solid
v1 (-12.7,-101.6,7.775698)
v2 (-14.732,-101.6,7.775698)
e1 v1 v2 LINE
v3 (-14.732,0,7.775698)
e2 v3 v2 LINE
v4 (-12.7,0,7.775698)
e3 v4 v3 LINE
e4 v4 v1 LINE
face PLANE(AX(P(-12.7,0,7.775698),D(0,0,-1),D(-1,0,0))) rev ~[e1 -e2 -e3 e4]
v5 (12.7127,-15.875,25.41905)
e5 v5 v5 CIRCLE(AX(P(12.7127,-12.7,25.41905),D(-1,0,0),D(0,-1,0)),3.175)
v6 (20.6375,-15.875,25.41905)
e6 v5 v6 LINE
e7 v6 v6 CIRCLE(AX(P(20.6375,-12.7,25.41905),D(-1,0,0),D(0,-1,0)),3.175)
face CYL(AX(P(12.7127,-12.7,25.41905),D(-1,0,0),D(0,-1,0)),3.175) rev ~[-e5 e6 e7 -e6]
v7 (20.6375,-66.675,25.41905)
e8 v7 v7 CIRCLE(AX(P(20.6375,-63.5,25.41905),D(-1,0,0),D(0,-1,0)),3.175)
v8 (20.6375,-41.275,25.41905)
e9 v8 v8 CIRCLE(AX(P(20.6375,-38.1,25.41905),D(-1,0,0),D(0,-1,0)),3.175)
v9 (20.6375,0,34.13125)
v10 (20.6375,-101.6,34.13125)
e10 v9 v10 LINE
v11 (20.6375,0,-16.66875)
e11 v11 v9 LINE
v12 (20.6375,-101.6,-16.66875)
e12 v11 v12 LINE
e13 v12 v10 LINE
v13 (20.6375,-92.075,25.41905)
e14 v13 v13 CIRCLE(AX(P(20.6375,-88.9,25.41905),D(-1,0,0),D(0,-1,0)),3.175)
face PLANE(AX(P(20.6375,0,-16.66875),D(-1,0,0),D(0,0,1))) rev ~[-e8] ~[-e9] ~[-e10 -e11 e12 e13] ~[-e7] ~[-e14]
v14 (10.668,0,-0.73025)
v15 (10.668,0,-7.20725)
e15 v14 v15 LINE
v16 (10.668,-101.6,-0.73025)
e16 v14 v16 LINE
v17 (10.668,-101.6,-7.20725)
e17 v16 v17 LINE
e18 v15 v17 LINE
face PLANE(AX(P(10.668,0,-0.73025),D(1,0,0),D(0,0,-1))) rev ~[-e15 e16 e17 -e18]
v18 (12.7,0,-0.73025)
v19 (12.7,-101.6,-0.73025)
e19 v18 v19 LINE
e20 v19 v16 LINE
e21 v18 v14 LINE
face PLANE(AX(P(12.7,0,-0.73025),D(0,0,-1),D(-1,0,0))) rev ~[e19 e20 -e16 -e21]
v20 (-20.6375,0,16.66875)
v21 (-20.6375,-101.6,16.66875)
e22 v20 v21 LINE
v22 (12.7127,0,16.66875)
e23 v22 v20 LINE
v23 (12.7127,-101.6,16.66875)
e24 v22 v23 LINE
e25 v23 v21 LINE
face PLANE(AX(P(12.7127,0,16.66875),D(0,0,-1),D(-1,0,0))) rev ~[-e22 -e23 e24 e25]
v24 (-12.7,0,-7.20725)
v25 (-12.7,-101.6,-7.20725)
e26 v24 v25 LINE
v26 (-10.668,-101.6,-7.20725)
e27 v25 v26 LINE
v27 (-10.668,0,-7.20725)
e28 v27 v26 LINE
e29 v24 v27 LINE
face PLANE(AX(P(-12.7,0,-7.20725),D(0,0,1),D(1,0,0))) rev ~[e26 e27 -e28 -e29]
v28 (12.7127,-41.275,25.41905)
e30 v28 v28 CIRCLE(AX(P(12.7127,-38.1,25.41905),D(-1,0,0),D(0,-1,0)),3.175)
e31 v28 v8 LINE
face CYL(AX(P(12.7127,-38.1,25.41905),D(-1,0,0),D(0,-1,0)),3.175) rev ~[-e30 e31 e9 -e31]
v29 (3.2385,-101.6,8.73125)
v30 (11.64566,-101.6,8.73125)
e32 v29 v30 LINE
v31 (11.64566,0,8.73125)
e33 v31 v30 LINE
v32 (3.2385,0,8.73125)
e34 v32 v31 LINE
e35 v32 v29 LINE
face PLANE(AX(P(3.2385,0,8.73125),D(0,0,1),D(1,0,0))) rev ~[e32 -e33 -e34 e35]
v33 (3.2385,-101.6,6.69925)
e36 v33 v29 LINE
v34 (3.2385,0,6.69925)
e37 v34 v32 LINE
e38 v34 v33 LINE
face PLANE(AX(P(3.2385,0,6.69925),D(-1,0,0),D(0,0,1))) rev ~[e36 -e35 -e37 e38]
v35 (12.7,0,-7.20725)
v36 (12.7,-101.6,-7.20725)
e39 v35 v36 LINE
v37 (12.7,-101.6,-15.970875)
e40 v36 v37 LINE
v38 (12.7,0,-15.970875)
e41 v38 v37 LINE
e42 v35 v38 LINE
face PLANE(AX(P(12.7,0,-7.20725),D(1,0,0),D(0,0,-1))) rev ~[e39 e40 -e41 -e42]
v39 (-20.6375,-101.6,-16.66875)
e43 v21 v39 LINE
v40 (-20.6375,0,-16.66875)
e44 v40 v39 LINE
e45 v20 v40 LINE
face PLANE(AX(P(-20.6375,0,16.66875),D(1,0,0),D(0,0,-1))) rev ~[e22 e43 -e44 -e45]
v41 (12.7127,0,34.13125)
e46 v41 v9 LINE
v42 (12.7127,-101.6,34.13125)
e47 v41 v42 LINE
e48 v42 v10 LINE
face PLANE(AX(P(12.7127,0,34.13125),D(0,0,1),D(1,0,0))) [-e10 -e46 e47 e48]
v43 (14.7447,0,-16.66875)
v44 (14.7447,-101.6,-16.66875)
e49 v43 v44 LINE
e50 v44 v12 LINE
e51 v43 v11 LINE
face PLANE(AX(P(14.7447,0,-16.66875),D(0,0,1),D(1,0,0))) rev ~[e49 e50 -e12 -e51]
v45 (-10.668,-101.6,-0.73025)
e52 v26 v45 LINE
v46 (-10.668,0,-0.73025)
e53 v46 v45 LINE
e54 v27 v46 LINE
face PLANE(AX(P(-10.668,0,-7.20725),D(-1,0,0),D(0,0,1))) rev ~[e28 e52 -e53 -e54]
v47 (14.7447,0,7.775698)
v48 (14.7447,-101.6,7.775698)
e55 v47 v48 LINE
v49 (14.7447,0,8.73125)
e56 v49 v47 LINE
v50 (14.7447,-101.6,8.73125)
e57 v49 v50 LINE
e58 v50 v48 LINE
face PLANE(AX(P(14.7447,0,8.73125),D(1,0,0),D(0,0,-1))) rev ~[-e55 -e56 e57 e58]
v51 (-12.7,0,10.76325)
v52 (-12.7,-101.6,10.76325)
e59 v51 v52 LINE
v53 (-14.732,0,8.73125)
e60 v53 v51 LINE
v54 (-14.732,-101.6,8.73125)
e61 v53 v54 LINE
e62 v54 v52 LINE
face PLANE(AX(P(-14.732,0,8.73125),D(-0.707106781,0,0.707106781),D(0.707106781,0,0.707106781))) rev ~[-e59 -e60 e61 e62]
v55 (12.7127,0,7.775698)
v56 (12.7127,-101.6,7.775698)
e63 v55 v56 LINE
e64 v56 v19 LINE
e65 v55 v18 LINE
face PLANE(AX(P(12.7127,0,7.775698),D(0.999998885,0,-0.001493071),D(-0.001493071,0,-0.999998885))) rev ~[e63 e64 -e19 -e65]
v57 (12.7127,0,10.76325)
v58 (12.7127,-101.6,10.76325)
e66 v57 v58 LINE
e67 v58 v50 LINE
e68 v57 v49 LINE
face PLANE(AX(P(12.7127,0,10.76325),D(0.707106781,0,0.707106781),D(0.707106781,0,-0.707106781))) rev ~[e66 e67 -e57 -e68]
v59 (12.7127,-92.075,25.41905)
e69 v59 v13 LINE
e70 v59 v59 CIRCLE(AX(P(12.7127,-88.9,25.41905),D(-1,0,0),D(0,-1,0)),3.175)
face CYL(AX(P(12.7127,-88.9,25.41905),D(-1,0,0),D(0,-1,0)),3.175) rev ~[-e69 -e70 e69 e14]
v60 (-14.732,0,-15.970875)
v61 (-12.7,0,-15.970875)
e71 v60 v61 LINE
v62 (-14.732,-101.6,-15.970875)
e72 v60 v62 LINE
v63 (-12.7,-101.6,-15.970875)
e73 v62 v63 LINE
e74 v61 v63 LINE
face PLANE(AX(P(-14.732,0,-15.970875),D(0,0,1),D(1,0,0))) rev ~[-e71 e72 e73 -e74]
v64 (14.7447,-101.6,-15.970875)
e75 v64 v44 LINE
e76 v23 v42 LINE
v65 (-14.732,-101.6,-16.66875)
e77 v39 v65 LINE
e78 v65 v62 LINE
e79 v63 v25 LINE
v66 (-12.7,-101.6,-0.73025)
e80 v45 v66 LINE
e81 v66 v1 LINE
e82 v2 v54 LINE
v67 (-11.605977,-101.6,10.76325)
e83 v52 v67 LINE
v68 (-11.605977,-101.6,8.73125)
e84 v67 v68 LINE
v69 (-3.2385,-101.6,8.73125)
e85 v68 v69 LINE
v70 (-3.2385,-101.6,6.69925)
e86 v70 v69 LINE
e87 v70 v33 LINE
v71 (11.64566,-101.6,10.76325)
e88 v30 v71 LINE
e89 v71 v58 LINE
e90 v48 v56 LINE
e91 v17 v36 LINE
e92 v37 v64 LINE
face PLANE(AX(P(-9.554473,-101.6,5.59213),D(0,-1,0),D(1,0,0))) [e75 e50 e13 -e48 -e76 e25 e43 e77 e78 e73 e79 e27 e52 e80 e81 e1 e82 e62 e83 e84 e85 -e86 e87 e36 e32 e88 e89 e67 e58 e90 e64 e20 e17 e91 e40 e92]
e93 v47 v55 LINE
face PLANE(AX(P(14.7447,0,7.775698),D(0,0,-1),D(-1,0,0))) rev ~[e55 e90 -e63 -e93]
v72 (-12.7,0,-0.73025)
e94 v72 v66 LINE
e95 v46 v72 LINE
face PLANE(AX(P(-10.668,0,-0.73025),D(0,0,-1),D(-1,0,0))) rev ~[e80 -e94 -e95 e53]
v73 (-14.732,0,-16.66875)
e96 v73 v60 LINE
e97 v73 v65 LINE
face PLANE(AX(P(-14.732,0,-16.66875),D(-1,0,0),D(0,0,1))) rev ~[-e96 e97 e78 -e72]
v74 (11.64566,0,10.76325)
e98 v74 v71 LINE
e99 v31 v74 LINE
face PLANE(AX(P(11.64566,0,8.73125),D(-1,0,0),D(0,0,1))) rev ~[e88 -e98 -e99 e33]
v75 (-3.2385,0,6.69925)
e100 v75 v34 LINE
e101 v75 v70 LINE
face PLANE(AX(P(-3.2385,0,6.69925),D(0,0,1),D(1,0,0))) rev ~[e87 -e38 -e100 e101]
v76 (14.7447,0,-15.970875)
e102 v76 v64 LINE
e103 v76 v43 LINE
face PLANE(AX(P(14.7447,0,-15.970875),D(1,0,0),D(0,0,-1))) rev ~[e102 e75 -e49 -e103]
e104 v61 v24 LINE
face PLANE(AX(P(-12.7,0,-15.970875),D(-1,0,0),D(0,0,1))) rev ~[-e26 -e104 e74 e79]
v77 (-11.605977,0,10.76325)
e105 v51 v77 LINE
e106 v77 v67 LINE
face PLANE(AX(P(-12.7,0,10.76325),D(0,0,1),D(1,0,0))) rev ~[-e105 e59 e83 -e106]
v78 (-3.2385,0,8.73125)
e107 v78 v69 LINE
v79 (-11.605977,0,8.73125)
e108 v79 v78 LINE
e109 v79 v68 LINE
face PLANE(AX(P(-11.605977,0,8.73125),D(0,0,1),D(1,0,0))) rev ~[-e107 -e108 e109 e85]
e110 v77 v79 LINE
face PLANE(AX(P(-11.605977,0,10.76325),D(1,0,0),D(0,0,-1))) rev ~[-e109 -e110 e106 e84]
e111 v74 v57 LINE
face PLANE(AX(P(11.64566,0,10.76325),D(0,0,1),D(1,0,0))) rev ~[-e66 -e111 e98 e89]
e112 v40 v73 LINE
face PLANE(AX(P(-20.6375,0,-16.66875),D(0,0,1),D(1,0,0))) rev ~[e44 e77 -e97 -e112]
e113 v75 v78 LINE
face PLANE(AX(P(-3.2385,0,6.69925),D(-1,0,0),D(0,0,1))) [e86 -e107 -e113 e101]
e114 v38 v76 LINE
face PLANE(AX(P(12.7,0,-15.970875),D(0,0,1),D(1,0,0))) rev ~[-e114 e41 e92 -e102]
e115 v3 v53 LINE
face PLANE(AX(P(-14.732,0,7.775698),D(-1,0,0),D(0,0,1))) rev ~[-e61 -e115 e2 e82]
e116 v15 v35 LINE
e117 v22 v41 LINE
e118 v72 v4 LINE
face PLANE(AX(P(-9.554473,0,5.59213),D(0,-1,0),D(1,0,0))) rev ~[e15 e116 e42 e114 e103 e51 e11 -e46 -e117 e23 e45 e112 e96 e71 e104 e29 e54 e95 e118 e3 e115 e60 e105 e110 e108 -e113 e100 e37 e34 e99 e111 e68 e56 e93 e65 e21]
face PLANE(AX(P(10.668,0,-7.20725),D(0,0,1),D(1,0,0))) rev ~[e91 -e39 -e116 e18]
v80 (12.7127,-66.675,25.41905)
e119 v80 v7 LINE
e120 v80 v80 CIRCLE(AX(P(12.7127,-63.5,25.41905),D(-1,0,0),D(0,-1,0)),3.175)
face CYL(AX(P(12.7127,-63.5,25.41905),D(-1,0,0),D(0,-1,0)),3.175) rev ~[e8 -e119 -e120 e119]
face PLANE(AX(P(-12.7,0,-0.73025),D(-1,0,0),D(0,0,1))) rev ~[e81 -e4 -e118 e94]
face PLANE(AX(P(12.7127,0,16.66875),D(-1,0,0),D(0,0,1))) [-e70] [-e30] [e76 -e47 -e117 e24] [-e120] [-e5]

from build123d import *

# Parameters (mm, degrees)
F0_W     = 7.9248
F0_H     = 17.4625
F0_W_2   = 6.477
F0_H_2   = 2.032
F1_DEPTH = 101.6
F2_R     = 3.175
F3_DEPTH = 7.9258


with BuildPart() as f1:
    # F0 (on Front) → F1 (new body)
    with BuildSketch(Plane.XZ):
        Polygon((12.7127, 16.66875), (-20.6375, 16.66875), (-20.6375, -16.66875), (-14.732, -16.66875), (-14.732, -15.970875), (-14.732, 7.775698), (-14.732, 8.73125), (-12.7, 10.76325), (-11.605977, 10.76325), (11.64566, 10.76325), (12.7127, 10.76325), align=None)
        Polygon((20.6375, 16.66875), (12.7127, 16.66875), (12.7127, 10.76325), (14.7447, 8.73125), (14.7447, 7.775698), (14.7447, -15.970875), (14.7447, -16.66875), (20.6375, -16.66875), align=None)
        with Locations((16.6751, 25.4)):
            Rectangle(F0_W, F0_H)
        Polygon((14.7447, -15.970875), (14.7447, 7.775698), (12.7127, 7.775698), (12.7, -0.73025), (10.668, -0.73025), (10.668, -3.96875), (10.668, -7.20725), (12.7, -7.20725), (12.7, -15.970875), align=None)
        Polygon((-12.7, -0.73025), (-12.7, -7.20725), (-10.668, -7.20725), (-10.668, -3.96875), (-10.668, -0.73025), align=None)
        Polygon((-14.732, 7.775698), (-14.732, -15.970875), (-12.7, -15.970875), (-12.7, -7.20725), (-12.7, -0.73025), (-12.7, 7.775698), align=None)
        with Locations((0, 7.71525)):
            Rectangle(F0_W_2, F0_H_2)
        Polygon((11.64566, 8.73125), (11.64566, 10.76325), (-11.605977, 10.76325), (-11.605977, 8.73125), (-3.2385, 8.73125), (3.2385, 8.73125), align=None)
    extrude(amount=F1_DEPTH)

    # F2 (on face) → F3 (cut, through all)
    with BuildSketch(Plane(origin=(12.7127, 0, 0), x_dir=(0, -1, 0), z_dir=(-1, 0, 0))):
        with Locations((12.7, 25.41905)):
            Circle(F2_R)
        with Locations((38.1, 25.41905)):
            Circle(F2_R)
        with Locations((63.5, 25.41905)):
            Circle(F2_R)
        with Locations((88.9, 25.41905)):
            Circle(F2_R)
    extrude(amount=-F3_DEPTH, mode=Mode.SUBTRACT)


solid = f1.part
